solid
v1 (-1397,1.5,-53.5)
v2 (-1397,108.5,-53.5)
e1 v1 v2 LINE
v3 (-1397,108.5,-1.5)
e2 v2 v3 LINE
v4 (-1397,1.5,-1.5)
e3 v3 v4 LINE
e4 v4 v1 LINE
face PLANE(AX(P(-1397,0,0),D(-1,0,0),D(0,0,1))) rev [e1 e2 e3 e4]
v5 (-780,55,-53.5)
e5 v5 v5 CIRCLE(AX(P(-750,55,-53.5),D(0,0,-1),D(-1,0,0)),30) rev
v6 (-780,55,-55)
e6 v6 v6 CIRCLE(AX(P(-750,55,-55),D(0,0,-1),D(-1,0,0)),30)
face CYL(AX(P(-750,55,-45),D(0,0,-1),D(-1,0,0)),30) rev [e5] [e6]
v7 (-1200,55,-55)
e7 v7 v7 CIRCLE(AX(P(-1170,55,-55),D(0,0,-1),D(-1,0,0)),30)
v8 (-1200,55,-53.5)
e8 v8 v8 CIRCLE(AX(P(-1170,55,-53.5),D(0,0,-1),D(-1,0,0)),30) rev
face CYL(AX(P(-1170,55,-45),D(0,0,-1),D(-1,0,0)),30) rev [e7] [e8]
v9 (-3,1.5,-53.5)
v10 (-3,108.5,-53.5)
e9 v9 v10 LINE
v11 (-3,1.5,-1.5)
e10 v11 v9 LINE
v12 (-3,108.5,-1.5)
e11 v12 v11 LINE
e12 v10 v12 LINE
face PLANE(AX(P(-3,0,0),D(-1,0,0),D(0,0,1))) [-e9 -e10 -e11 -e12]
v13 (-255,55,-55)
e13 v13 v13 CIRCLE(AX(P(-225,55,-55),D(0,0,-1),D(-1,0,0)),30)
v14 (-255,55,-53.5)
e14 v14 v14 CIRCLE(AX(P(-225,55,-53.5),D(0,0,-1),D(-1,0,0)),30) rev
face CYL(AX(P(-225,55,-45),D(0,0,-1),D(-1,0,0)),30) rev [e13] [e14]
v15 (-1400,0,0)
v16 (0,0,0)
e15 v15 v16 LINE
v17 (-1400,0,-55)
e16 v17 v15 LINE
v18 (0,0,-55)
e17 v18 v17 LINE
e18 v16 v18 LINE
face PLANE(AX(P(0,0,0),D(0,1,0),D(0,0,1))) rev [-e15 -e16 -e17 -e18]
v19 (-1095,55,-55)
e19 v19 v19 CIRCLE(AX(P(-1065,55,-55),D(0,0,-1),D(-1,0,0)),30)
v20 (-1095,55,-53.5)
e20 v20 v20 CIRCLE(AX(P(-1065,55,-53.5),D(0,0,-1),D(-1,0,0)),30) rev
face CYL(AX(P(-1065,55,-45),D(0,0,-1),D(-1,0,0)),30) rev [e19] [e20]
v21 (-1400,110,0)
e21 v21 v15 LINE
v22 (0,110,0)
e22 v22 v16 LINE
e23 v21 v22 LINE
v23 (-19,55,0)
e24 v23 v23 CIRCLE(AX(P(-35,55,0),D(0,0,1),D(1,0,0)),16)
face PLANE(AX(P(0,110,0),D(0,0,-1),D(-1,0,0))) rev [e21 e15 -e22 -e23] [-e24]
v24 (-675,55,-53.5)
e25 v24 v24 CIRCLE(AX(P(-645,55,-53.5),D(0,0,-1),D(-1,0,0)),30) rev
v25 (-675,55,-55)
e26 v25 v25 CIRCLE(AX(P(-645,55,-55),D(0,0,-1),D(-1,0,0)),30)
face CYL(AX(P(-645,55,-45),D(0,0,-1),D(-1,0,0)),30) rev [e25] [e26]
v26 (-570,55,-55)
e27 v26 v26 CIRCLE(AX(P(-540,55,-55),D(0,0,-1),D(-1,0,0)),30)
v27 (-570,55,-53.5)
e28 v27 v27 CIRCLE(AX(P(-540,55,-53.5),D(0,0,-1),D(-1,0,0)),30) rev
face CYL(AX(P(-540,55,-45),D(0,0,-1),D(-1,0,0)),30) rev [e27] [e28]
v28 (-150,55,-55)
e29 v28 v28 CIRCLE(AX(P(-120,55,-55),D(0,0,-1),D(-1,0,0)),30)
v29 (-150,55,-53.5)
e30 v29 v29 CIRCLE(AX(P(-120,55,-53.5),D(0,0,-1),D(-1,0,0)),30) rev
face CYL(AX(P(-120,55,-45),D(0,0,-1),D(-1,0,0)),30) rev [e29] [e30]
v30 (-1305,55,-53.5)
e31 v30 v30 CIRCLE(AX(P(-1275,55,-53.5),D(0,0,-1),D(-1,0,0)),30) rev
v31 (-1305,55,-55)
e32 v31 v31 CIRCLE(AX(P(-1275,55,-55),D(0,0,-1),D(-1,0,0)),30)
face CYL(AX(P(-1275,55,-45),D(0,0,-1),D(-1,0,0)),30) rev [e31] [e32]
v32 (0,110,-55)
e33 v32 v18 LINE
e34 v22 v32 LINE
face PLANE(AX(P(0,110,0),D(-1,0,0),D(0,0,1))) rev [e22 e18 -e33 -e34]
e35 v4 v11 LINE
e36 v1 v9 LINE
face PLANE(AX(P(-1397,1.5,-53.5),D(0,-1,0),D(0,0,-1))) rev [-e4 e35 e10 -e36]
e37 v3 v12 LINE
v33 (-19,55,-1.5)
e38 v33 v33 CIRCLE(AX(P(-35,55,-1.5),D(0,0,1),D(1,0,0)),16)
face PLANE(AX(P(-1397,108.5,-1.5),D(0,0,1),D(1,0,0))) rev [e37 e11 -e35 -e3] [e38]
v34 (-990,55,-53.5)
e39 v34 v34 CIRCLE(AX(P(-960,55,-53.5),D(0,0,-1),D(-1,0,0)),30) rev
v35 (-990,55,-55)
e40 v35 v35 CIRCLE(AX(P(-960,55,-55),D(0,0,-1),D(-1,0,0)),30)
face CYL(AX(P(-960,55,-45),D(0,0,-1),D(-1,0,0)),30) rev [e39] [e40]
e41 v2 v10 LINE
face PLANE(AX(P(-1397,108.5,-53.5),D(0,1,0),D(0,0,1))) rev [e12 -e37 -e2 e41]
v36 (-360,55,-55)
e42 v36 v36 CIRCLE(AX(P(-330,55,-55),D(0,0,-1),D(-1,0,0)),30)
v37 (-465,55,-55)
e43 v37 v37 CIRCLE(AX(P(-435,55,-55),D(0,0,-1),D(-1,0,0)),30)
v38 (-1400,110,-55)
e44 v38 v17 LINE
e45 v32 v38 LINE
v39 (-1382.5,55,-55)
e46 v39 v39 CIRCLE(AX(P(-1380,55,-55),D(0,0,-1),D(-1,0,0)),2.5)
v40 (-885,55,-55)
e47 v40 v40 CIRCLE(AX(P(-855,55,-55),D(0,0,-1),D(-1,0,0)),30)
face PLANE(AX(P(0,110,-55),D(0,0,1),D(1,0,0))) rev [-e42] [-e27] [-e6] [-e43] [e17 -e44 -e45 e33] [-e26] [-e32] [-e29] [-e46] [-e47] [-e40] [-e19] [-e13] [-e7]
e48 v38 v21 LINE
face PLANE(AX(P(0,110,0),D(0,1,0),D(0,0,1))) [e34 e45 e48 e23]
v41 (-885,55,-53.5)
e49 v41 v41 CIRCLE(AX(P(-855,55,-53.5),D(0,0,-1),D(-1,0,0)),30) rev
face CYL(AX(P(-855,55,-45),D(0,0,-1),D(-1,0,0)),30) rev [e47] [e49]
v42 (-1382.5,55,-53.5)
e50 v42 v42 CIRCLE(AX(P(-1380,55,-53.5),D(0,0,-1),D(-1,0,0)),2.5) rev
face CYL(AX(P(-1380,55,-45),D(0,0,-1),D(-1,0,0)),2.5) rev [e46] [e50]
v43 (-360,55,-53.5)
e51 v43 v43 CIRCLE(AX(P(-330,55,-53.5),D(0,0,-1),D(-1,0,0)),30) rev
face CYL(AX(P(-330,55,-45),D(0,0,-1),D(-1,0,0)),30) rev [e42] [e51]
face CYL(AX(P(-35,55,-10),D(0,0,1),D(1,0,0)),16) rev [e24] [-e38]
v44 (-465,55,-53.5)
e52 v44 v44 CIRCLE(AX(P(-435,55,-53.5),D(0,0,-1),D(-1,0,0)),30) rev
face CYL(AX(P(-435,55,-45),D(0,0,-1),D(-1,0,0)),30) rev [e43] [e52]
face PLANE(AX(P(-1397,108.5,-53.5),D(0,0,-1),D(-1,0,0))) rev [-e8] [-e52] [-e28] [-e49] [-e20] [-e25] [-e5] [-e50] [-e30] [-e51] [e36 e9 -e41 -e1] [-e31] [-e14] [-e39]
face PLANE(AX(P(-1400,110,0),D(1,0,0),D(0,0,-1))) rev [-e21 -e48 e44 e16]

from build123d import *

# Parameters (mm, degrees)
SKETCH_1_W          = 1400
SKETCH_1_H          = 55
EXTRUDE_1_DEPTH     = 110
SKETCH_3_R          = 30
SKETCH_3_R_2        = 2.5
CUT_EXTRUDE_1_DEPTH = 10
CUT_EXTRUDE_START   = -3
SKETCH_4_W          = 52
SKETCH_4_H          = 107
CUT_EXTRUDE_2_DEPTH = 1394
SKETCH_5_R          = 16
CUT_EXTRUDE_3_DEPTH = 10


with BuildPart() as part:
    # Эскиз1 → Бобышка-Вытянуть1 (new body)
    with BuildSketch(Plane(origin=(0, 0, 0), x_dir=(1, 0, 0), z_dir=(0, 1, 0))):
        with Locations((-700, 27.5)):
            Rectangle(SKETCH_1_W, SKETCH_1_H)
    extrude(amount=EXTRUDE_1_DEPTH)

    # Эскиз3 → Вырез-Вытянуть1 (cut)
    with BuildSketch(Plane(origin=(0, 0, -55), x_dir=(-1, 0, 0), z_dir=(0, 0, -1))):
        with Locations((120, 55)):
            Circle(SKETCH_3_R)
        with Locations((225, 55)):
            Circle(SKETCH_3_R)
        with Locations((330, 55)):
            Circle(SKETCH_3_R)
        with Locations((435, 55)):
            Circle(SKETCH_3_R)
        with Locations((540, 55)):
            Circle(SKETCH_3_R)
        with Locations((645, 55)):
            Circle(SKETCH_3_R)
        with Locations((750, 55)):
            Circle(SKETCH_3_R)
        with Locations((855, 55)):
            Circle(SKETCH_3_R)
        with Locations((960, 55)):
            Circle(SKETCH_3_R)
        with Locations((1380, 55)):
            Circle(SKETCH_3_R_2)
        with Locations((1065, 55)):
            Circle(SKETCH_3_R)
        with Locations((1170, 55)):
            Circle(SKETCH_3_R)
        with Locations((1275, 55)):
            Circle(SKETCH_3_R)
    extrude(amount=-CUT_EXTRUDE_1_DEPTH, mode=Mode.SUBTRACT)

    # Эскиз4 → Вырез-Вытянуть2 (cut)
    with BuildSketch(Plane(origin=(0, 0, 0), x_dir=(0, 0, -1), z_dir=(1, 0, 0)).offset(CUT_EXTRUDE_START)):
        with Locations((27.5, 55)):
            Rectangle(SKETCH_4_W, SKETCH_4_H)
    extrude(amount=-CUT_EXTRUDE_2_DEPTH, mode=Mode.SUBTRACT)

    # Эскиз5 → Вырез-Вытянуть3 (cut)
    with BuildSketch(Plane.XY):
        with Locations((-35, 55)):
            Circle(SKETCH_5_R)
    extrude(amount=-CUT_EXTRUDE_3_DEPTH, mode=Mode.SUBTRACT)


solid = part.part
